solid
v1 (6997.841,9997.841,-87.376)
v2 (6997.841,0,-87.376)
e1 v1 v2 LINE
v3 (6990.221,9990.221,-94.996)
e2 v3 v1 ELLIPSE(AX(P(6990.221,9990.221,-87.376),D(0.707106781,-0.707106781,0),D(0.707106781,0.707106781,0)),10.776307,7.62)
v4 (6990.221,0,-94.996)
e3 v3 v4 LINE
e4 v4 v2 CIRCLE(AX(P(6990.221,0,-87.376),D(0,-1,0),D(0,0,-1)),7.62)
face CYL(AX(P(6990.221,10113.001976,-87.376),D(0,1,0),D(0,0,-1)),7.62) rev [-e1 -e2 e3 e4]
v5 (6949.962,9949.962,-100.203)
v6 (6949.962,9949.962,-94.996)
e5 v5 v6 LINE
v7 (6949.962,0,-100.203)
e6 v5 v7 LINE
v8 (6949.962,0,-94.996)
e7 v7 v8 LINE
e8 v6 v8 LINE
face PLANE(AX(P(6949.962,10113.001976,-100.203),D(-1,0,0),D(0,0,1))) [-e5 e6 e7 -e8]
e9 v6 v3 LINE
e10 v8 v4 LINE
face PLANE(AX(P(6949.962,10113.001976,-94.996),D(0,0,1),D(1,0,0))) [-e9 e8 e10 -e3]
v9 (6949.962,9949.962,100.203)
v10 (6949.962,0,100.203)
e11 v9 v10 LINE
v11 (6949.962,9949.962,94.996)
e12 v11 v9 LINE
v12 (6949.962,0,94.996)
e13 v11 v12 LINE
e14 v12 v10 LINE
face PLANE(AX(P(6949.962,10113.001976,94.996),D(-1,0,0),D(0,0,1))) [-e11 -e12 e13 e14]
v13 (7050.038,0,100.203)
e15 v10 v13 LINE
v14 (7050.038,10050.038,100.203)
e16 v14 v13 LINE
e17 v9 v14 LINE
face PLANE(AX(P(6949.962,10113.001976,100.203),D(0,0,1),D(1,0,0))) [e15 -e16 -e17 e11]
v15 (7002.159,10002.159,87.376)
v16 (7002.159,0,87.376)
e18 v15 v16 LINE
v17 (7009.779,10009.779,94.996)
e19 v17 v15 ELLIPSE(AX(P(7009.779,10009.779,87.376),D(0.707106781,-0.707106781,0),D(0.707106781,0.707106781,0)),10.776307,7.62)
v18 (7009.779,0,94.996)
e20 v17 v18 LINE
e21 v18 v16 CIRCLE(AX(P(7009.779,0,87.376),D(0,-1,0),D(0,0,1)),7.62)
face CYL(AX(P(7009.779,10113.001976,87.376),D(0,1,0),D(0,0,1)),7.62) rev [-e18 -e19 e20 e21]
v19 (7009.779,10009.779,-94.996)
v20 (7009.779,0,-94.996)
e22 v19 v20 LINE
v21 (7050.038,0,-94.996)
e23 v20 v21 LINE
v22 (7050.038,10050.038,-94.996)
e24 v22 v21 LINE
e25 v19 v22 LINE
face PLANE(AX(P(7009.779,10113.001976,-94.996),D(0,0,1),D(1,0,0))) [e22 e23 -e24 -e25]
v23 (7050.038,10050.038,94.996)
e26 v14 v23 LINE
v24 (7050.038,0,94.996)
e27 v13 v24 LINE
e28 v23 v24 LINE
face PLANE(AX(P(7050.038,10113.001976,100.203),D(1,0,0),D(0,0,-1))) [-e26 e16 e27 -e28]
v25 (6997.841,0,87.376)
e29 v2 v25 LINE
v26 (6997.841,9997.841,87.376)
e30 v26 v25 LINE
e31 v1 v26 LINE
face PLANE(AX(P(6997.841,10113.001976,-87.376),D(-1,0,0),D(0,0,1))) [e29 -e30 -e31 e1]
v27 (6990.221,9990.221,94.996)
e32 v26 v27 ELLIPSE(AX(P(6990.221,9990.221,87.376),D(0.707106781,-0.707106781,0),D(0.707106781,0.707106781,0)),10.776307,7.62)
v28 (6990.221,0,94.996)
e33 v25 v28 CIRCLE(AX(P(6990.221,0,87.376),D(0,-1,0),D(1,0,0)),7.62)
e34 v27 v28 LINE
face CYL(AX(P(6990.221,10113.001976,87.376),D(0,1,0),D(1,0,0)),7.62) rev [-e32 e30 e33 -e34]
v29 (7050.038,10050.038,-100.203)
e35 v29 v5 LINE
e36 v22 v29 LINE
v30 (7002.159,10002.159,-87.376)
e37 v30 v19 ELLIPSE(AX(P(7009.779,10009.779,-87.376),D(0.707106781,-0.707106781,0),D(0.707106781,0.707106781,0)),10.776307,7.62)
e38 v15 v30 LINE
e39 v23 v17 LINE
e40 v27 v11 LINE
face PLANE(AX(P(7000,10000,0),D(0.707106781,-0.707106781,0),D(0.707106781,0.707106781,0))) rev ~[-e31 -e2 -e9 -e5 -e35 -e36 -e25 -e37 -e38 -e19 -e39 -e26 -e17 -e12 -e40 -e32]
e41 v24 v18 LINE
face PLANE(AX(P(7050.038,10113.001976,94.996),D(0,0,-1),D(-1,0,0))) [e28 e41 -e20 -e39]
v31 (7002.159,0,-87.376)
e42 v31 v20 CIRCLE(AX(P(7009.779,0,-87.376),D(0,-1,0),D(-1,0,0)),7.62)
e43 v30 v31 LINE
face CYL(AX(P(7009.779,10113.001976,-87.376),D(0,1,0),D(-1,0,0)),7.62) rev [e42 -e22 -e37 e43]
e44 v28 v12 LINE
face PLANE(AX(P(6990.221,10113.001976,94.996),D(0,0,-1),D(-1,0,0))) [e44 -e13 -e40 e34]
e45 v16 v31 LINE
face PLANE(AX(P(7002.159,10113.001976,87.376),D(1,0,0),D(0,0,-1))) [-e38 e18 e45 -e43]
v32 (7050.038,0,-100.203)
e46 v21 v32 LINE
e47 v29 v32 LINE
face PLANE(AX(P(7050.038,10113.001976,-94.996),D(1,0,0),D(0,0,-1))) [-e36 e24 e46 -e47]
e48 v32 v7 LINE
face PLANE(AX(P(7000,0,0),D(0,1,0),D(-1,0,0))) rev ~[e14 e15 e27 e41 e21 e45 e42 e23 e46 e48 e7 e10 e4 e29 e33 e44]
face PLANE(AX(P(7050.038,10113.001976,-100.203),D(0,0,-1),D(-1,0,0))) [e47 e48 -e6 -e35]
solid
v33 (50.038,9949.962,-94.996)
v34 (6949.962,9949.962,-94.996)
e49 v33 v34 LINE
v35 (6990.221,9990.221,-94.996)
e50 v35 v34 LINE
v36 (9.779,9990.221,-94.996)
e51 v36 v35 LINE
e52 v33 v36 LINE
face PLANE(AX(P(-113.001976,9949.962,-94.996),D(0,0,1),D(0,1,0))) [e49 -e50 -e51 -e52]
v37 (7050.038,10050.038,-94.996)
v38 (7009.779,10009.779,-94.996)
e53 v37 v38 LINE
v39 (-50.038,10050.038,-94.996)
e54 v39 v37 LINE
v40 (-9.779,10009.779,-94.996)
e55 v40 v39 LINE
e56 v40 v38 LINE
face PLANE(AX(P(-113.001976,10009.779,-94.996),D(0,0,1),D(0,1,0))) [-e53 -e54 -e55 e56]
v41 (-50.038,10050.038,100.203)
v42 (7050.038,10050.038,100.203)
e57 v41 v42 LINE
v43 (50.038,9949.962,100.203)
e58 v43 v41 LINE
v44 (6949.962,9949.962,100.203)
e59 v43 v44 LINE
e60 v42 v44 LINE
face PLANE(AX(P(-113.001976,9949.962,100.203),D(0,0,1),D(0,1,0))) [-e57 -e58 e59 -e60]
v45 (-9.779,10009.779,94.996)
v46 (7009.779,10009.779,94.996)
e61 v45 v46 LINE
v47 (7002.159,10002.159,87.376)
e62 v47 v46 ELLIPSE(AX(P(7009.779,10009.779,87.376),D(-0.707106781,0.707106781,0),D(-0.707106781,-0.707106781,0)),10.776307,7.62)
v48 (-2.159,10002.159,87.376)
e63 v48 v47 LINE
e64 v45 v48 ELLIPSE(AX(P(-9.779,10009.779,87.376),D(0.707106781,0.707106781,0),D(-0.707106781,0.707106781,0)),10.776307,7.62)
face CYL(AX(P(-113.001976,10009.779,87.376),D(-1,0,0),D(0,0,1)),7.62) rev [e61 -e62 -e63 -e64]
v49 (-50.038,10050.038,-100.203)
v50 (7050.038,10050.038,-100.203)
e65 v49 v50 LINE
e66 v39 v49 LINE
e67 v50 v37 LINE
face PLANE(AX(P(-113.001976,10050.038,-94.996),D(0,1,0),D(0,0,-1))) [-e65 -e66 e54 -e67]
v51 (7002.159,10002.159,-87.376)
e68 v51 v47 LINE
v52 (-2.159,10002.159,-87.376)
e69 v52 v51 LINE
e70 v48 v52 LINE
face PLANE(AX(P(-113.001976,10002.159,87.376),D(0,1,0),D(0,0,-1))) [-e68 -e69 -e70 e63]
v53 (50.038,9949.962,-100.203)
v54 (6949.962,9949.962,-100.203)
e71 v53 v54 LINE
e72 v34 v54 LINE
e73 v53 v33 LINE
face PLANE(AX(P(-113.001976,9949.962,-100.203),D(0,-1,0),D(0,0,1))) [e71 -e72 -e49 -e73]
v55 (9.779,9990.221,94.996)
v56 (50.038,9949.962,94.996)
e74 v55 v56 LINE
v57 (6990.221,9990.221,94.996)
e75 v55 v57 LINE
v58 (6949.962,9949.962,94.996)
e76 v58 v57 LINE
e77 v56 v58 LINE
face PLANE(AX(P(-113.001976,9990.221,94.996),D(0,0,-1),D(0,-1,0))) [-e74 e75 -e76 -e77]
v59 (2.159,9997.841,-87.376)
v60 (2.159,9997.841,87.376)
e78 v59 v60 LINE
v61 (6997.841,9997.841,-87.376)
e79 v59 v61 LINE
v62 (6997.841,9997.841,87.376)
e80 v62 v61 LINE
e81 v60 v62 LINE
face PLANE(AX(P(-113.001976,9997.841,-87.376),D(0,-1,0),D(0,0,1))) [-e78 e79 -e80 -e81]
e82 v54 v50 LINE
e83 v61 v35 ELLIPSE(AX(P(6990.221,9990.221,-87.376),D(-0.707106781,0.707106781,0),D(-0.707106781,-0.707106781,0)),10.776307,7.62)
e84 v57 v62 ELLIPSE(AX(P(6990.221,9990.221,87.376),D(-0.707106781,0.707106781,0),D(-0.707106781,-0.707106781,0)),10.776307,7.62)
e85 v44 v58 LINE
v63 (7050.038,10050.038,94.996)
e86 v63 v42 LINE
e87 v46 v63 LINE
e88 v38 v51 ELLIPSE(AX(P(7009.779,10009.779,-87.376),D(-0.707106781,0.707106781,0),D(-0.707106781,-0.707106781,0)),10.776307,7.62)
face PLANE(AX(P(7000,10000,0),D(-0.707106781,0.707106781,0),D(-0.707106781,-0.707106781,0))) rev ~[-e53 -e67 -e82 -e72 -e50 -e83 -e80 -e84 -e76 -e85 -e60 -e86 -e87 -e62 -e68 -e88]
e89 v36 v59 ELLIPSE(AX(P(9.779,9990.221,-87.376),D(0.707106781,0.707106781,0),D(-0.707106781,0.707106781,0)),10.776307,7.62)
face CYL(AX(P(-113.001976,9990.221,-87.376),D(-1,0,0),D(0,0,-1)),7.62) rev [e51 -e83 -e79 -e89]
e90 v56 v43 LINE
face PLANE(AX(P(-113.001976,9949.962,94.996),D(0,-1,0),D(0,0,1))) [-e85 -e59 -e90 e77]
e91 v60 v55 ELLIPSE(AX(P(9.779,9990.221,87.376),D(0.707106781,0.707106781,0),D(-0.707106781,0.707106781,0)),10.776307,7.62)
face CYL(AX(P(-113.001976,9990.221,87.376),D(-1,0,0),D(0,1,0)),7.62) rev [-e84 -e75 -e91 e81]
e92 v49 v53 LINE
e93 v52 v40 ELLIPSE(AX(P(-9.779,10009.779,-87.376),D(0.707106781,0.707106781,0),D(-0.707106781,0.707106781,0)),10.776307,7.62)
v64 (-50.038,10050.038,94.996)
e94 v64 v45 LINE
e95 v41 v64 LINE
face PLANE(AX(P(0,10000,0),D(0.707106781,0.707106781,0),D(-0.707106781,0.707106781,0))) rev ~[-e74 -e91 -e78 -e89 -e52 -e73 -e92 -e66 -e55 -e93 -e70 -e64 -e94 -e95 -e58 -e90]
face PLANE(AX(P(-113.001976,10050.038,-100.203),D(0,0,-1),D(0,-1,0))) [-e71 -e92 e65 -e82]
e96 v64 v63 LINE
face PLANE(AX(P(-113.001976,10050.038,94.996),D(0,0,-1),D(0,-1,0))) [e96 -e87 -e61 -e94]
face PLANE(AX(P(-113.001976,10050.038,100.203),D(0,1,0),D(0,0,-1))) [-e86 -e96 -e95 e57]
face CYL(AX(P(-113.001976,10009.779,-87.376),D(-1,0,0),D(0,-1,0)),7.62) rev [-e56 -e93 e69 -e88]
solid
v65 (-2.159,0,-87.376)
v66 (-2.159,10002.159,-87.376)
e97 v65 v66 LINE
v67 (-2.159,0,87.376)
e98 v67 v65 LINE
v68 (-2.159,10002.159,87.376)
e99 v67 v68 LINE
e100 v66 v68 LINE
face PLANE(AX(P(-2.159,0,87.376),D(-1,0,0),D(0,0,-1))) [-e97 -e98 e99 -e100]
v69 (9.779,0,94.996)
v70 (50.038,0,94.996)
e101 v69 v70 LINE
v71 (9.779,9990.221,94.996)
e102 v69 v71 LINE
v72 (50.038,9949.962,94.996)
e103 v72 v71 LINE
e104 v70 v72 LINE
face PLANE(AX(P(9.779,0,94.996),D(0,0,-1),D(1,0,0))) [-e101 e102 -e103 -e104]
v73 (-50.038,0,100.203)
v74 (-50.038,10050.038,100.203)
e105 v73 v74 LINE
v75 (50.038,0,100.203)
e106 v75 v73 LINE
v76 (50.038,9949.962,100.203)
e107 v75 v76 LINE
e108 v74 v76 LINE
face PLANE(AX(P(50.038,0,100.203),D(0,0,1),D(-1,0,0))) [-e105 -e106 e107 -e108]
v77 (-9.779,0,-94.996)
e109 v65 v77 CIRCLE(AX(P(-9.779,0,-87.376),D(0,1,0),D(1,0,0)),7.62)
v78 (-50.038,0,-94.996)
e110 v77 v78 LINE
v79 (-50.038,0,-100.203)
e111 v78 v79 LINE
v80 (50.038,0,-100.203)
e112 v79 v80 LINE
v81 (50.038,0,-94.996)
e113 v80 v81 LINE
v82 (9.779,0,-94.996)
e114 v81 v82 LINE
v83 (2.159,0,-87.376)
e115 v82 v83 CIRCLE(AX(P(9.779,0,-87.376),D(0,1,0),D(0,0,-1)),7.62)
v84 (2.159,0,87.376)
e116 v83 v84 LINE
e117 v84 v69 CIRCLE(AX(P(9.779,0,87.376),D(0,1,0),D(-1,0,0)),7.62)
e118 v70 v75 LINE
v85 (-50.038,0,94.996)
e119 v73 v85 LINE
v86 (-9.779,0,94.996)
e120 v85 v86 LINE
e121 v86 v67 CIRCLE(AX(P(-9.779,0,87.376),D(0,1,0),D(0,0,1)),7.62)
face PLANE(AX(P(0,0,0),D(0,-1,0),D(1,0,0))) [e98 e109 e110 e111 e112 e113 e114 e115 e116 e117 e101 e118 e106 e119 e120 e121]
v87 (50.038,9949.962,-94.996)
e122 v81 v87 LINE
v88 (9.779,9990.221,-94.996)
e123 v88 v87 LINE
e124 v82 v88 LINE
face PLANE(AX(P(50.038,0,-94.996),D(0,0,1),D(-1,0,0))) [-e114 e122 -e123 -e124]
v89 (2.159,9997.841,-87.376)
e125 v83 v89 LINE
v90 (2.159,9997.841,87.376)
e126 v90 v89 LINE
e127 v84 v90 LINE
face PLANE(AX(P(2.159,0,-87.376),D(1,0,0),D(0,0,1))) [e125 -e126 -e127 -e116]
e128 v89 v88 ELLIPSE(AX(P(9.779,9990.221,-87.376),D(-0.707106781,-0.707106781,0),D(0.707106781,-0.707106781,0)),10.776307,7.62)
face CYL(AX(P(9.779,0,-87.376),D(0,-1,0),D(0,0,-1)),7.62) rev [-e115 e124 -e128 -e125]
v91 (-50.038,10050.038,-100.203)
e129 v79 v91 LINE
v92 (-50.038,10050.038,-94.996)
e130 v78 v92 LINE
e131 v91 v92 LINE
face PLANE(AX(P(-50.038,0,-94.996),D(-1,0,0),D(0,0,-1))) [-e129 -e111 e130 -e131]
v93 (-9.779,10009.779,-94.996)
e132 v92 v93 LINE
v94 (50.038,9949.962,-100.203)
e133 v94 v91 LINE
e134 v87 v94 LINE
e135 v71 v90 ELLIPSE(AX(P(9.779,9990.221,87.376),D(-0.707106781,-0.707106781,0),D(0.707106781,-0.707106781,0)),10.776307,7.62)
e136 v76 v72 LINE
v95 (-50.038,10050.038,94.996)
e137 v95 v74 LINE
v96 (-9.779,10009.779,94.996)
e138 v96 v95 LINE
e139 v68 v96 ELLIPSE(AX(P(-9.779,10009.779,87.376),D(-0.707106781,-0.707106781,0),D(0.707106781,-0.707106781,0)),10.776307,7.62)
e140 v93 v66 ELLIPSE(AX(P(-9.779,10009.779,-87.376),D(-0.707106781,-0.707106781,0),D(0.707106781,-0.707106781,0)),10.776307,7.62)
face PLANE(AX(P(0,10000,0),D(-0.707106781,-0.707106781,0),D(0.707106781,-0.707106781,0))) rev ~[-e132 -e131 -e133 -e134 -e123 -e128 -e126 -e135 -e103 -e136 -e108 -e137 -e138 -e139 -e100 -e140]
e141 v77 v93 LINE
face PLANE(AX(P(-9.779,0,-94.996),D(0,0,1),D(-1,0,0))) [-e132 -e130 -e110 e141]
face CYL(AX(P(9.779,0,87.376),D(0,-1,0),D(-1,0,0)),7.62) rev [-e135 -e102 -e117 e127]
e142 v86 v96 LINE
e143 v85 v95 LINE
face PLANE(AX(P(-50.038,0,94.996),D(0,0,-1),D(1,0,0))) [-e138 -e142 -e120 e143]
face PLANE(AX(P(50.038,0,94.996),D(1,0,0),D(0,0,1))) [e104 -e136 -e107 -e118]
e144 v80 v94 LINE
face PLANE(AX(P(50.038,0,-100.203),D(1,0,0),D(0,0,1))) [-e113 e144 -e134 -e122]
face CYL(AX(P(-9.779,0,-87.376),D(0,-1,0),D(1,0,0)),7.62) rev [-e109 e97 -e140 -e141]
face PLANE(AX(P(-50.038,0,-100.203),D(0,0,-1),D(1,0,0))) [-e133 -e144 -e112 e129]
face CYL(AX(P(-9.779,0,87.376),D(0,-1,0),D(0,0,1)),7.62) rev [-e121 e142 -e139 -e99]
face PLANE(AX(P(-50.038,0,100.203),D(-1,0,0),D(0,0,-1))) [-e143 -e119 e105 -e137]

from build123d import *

# Parameters (mm, degrees)
W_SECTION_W8X10_1_DEPTH   = 10113.001976112
W_SECTION_W8X10_1_2_DEPTH = 7226.003952224
W_SECTION_W8X10_1_3_DEPTH = 10113.001976113


with BuildPart() as part:
    # Sketch11 → W section W8X10(1) (new body)
    with BuildSketch(Plane(origin=(0, 0, 0), x_dir=(-1, 0, 0), z_dir=(0, 1, 0))):
        with BuildLine():
            Line((-50.038, -100.203), (-50.038, -94.996))
            Line((-50.038, -94.996), (-9.779, -94.996))
            ThreePointArc((-9.779, -94.996), (-4.390846327, -92.764153673), (-2.159, -87.376))
            Line((-2.159, -87.376), (-2.159, 87.376))
            ThreePointArc((-2.159, 87.376), (-4.390846327, 92.764153673), (-9.779, 94.996))
            Line((-9.779, 94.996), (-50.038, 94.996))
            Line((-50.038, 94.996), (-50.038, 100.203))
            Line((-50.038, 100.203), (50.038, 100.203))
            Line((50.038, 100.203), (50.038, 94.996))
            Line((50.038, 94.996), (9.779, 94.996))
            ThreePointArc((9.779, 94.996), (4.390846327, 92.764153673), (2.159, 87.376))
            Line((2.159, 87.376), (2.159, -87.376))
            ThreePointArc((2.159, -87.376), (4.390846327, -92.764153673), (9.779, -94.996))
            Line((9.779, -94.996), (50.038, -94.996))
            Line((50.038, -94.996), (50.038, -100.203))
            Line((50.038, -100.203), (-50.038, -100.203))
        make_face()
    extrude(amount=W_SECTION_W8X10_1_DEPTH)

    # W section W8X10(1) mitre 1
    split(bisect_by=Plane(origin=(0, 10000, 0), x_dir=(0.707106781, -0.707106781, 0), z_dir=(-0.707106781, -0.707106781, 0)), keep=Keep.TOP)


with BuildPart() as body_2:
    # Sketch11 on segment 2 (carried to segment 2) → W section W8X10_1 2 (new body)
    with BuildSketch(Plane(origin=(-113.001976112, 10000, 0), x_dir=(0, 1, 0), z_dir=(1, 0, 0))):
        with BuildLine():
            Line((-50.038, -100.203), (-50.038, -94.996))
            Line((-50.038, -94.996), (-9.779, -94.996))
            ThreePointArc((-9.779, -94.996), (-4.390846327, -92.764153673), (-2.159, -87.376))
            Line((-2.159, -87.376), (-2.159, 87.376))
            ThreePointArc((-2.159, 87.376), (-4.390846327, 92.764153673), (-9.779, 94.996))
            Line((-9.779, 94.996), (-50.038, 94.996))
            Line((-50.038, 94.996), (-50.038, 100.203))
            Line((-50.038, 100.203), (50.038, 100.203))
            Line((50.038, 100.203), (50.038, 94.996))
            Line((50.038, 94.996), (9.779, 94.996))
            ThreePointArc((9.779, 94.996), (4.390846327, 92.764153673), (2.159, 87.376))
            Line((2.159, 87.376), (2.159, -87.376))
            ThreePointArc((2.159, -87.376), (4.390846327, -92.764153673), (9.779, -94.996))
            Line((9.779, -94.996), (50.038, -94.996))
            Line((50.038, -94.996), (50.038, -100.203))
            Line((50.038, -100.203), (-50.038, -100.203))
        make_face()
    extrude(amount=W_SECTION_W8X10_1_2_DEPTH)

    # W section W8X10_1 2 mitre 1
    split(bisect_by=Plane(origin=(0, 10000, 0), x_dir=(-0.707106781, 0.707106781, 0), z_dir=(0.707106781, 0.707106781, 0)), keep=Keep.TOP)

    # W section W8X10_1 2 mitre 2
    split(bisect_by=Plane(origin=(7000, 10000, 0), x_dir=(-0.707106781, -0.707106781, 0), z_dir=(-0.707106781, 0.707106781, 0)), keep=Keep.TOP)


with BuildPart() as body_3:
    # Sketch11 on segment 3 (carried to segment 3) → W section W8X10_1 3 (new body)
    with BuildSketch(Plane(origin=(7000, 10113.001976112, 0), x_dir=(1, 0, 0), z_dir=(0, -1, 0))):
        with BuildLine():
            Line((-50.038, -100.203), (-50.038, -94.996))
            Line((-50.038, -94.996), (-9.779, -94.996))
            ThreePointArc((-9.779, -94.996), (-4.390846327, -92.764153673), (-2.159, -87.376))
            Line((-2.159, -87.376), (-2.159, 87.376))
            ThreePointArc((-2.159, 87.376), (-4.390846327, 92.764153673), (-9.779, 94.996))
            Line((-9.779, 94.996), (-50.038, 94.996))
            Line((-50.038, 94.996), (-50.038, 100.203))
            Line((-50.038, 100.203), (50.038, 100.203))
            Line((50.038, 100.203), (50.038, 94.996))
            Line((50.038, 94.996), (9.779, 94.996))
            ThreePointArc((9.779, 94.996), (4.390846327, 92.764153673), (2.159, 87.376))
            Line((2.159, 87.376), (2.159, -87.376))
            ThreePointArc((2.159, -87.376), (4.390846327, -92.764153673), (9.779, -94.996))
            Line((9.779, -94.996), (50.038, -94.996))
            Line((50.038, -94.996), (50.038, -100.203))
            Line((50.038, -100.203), (-50.038, -100.203))
        make_face()
    extrude(amount=W_SECTION_W8X10_1_3_DEPTH)

    # W section W8X10_1 3 mitre 1
    split(bisect_by=Plane(origin=(7000, 10000, 0), x_dir=(0.707106781, 0.707106781, 0), z_dir=(0.707106781, -0.707106781, 0)), keep=Keep.TOP)


solid = Compound([part.part, body_2.part, body_3.part])
